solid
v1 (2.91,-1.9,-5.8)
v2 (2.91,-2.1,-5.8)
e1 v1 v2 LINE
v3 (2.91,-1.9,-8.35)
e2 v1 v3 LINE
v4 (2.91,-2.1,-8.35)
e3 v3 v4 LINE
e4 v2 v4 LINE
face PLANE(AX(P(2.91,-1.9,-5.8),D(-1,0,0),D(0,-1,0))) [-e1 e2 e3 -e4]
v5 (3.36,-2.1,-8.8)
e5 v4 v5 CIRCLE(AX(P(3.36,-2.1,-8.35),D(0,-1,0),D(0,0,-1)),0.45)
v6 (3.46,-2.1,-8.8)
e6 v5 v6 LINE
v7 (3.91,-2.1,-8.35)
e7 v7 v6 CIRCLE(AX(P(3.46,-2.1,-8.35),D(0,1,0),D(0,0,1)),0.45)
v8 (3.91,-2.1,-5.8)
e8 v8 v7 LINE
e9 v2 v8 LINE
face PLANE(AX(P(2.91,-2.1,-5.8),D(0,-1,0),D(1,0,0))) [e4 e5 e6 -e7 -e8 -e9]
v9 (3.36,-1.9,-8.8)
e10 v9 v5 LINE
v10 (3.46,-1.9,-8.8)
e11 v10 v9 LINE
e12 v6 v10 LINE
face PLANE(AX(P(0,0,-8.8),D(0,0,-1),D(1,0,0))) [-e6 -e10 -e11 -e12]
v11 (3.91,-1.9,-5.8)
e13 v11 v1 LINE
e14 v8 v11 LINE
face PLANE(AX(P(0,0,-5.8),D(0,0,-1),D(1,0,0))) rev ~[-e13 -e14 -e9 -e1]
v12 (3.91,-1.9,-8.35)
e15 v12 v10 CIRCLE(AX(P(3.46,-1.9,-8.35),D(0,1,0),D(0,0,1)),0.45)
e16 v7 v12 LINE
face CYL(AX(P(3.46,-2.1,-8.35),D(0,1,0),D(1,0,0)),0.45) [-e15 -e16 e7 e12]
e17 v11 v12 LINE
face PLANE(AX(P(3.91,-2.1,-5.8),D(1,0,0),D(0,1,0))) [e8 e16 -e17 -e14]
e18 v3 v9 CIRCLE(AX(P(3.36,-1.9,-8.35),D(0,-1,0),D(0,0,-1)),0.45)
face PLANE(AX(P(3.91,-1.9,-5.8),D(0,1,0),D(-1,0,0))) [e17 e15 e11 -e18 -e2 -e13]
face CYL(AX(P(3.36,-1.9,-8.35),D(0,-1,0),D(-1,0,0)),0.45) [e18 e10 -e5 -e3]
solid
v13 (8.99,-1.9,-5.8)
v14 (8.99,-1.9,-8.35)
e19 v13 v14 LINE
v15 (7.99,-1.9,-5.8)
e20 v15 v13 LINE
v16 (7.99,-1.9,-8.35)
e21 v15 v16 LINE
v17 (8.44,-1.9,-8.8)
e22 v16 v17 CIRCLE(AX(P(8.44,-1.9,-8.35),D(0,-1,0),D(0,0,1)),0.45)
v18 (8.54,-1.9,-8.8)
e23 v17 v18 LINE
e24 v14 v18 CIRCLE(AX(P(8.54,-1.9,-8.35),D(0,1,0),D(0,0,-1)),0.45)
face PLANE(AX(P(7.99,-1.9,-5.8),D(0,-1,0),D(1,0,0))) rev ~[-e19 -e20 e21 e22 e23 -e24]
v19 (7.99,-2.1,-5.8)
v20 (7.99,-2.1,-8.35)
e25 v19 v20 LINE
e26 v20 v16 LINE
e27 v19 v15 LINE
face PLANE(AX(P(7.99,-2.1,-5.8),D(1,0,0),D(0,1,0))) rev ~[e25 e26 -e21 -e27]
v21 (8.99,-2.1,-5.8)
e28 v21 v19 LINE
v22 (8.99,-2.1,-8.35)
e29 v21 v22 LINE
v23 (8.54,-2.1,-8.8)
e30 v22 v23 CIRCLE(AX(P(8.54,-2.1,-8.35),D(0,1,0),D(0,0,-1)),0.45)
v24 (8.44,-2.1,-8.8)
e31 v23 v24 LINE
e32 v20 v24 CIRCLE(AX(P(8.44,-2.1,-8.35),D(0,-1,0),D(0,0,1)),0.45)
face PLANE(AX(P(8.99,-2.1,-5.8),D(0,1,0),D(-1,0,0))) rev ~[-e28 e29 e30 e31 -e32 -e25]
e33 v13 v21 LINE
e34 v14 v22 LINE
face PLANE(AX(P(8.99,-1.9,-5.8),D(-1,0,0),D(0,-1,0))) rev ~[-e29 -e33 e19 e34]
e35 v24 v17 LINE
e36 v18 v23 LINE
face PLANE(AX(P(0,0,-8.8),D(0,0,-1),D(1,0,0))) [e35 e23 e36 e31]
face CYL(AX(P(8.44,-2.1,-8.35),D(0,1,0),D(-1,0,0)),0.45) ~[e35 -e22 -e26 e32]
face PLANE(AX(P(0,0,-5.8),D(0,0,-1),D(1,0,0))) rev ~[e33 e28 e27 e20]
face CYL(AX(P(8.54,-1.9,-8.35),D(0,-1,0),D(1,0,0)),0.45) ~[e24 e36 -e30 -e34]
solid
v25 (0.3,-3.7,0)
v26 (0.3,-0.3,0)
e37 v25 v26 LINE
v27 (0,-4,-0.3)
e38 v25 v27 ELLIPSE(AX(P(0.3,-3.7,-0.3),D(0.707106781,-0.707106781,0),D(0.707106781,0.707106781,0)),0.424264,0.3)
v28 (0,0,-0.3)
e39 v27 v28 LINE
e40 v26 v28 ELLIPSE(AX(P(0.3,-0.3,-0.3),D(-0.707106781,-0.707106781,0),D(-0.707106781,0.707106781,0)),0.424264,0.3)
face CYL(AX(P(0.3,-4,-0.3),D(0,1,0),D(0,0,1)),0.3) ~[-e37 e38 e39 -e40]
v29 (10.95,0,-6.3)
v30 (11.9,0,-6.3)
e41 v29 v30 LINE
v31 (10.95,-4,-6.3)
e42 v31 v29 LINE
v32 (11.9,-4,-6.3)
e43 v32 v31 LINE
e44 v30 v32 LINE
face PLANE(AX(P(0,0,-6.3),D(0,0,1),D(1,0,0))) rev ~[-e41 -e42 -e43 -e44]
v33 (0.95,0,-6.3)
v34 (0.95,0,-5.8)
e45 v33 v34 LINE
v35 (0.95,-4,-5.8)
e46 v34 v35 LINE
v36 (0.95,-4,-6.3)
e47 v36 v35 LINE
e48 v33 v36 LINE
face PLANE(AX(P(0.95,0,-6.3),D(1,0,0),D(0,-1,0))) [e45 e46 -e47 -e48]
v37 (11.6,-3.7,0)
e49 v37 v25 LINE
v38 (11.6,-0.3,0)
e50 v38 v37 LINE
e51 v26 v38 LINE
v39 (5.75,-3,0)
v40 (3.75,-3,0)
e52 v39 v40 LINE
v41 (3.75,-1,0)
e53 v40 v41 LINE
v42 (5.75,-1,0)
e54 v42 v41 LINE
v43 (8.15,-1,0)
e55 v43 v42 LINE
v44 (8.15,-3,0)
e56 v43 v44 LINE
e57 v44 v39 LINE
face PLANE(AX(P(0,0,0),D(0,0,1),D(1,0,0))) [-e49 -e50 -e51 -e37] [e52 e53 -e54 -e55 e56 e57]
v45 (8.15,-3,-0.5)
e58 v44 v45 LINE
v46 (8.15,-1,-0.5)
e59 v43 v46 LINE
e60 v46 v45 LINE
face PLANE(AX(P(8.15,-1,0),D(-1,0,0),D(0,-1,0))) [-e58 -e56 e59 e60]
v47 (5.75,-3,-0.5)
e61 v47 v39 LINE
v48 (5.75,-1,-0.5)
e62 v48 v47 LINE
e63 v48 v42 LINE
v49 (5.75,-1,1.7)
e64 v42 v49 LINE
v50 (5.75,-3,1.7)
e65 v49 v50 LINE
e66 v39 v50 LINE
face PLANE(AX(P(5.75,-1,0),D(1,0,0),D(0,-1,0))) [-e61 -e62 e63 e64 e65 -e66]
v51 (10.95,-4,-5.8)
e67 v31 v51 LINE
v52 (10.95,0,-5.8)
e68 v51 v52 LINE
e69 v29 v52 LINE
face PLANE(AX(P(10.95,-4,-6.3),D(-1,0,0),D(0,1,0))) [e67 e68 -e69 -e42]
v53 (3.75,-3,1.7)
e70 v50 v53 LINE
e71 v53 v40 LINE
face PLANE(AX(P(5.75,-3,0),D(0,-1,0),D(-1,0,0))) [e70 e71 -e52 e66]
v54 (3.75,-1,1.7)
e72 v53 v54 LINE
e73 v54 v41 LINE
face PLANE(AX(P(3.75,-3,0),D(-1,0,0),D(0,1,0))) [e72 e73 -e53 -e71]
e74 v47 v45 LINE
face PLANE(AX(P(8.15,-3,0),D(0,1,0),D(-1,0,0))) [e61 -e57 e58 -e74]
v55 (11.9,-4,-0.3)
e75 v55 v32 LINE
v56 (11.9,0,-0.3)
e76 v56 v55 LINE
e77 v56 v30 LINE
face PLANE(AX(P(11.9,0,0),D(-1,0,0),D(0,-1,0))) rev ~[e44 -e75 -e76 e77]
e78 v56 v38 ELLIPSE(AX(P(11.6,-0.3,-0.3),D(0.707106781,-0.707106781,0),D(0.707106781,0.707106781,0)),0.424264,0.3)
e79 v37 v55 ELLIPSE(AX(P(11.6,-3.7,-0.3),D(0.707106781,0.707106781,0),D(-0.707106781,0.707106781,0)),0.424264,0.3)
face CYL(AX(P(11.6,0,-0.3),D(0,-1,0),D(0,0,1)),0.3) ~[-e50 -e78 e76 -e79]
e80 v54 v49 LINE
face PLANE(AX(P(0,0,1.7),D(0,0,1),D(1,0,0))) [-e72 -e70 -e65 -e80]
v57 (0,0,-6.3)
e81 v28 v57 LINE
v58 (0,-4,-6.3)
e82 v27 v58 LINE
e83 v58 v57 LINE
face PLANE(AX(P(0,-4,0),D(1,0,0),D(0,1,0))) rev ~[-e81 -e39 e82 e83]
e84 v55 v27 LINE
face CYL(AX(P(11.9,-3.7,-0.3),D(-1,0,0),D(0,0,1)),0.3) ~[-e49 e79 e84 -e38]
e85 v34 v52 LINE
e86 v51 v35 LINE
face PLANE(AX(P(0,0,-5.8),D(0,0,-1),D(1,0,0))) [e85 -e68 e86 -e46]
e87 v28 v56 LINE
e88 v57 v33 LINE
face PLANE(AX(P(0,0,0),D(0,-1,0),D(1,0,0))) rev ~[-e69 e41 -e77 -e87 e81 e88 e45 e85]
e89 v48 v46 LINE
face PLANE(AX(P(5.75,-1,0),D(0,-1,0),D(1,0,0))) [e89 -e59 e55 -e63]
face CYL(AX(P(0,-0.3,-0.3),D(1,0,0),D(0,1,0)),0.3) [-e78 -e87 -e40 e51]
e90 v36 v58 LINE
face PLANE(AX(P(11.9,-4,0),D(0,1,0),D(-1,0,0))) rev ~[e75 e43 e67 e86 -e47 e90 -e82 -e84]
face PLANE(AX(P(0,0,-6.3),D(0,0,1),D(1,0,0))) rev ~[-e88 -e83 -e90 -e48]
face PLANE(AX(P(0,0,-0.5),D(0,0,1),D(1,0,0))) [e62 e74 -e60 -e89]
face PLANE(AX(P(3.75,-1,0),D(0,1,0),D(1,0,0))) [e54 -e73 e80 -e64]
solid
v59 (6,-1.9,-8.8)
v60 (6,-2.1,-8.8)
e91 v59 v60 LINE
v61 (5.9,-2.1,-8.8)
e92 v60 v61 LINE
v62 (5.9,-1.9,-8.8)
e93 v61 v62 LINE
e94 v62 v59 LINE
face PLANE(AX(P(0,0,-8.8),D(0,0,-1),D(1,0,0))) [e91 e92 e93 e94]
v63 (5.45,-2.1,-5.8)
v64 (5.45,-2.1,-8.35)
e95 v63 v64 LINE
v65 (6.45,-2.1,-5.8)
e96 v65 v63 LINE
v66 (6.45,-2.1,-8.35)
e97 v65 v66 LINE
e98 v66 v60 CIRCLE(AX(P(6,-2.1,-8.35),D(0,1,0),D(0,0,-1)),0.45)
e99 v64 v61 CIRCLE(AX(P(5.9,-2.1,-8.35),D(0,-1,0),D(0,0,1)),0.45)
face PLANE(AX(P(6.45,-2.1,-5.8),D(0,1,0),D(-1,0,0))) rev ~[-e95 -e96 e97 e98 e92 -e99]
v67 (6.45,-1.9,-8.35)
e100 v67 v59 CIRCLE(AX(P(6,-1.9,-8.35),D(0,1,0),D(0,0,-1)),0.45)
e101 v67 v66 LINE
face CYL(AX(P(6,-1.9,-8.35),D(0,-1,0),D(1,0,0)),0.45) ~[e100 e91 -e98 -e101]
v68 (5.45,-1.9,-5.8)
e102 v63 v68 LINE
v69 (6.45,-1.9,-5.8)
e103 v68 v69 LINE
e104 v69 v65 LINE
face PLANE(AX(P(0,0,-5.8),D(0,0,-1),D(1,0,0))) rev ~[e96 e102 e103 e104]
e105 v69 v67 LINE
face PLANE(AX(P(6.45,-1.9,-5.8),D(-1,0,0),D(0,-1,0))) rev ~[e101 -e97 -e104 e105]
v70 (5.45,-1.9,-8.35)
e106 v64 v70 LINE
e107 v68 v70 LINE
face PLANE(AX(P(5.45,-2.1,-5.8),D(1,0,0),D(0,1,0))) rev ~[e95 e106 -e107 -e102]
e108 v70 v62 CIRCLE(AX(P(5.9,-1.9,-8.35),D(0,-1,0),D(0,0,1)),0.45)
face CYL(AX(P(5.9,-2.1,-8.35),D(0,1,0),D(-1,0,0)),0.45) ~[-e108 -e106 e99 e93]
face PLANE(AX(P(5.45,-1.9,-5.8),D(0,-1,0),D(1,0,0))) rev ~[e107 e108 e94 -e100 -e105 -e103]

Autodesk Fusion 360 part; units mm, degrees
sketch "Slider" plane through (0, 0, 0) normal (0, 0, 1) x (1, 0, 0)
  line L0 (0, 0) -> (11.9, 0)
  line L1 (11.9, 0) -> (11.9, -4)
  line L2 (11.9, -4) -> (0, -4)
  line L3 (0, -4) -> (0, 0)
  line L4 (5.95, 0) -> (5.95, -4) construction
  line L5 (0, -2) -> (11.9, -2) construction
  line L6 (8.15, -3) -> (3.75, -3)
  line L7 (3.75, -3) -> (3.75, -1)
  line L8 (3.75, -1) -> (8.15, -1)
  line L9 (8.15, -1) -> (8.15, -3)
  line L10 (8.15, -3) -> (3.75, -1) construction
  line L11 (3.75, -3) -> (8.15, -1) construction
  line L12 (3.75, -1) -> (5.75, -1)
  line L13 (5.75, -1) -> (5.75, -3)
  line L14 (5.75, -3) -> (3.75, -3)
  line L15 (3.75, -3) -> (3.75, -1)
  point P0 (5.95, -2)
  dimension "d1" = 11.9
  dimension "d2" = 4
  dimension "d3" = 4.4
  dimension "d4" = 2
  dimension "d5" = 2
extrude "Extrude1" add sketch "Slider" against normal blind 6.3 contours L0 L1 L2 L3 | L6 L8 L9 L13 | L6 L7 L8 L12 L13 L14 L15 makes body 1
extrude "Extrude2" cut sketch "Slider" against normal blind 0.5 contours L6 L8 L9 L13 | L6 L7 L8 L12 L13 L14 L15 bodies 1
extrude "Extrude3" add sketch "Slider" along normal blind 1.7 and the other way blind 0.5 contours L6 L7 L8 L12 L13 L14 L15 bodies 1
sketch "Base" plane through (0, 0, -6.3) normal (0, 0, -1) x (1, 0, 0)
  line L0 (11.9, 4) -> (0, 4)
  line L1 (0, 4) -> (0, 0)
  line L2 (0, 0) -> (11.9, 0)
  line L3 (11.9, 0) -> (11.9, 4)
  line L4 (5.95, 4) -> (5.95, 0) construction
  line L5 (0, 2) -> (11.9, 2) construction
  line L6 (10.95, 0) -> (0.95, 0)
  line L7 (0.95, 0) -> (0.95, 4)
  line L8 (0.95, 4) -> (10.95, 4)
  line L9 (10.95, 4) -> (10.95, 0)
  line L10 (10.95, 0) -> (0.95, 4) construction
  line L11 (0.95, 0) -> (10.95, 4) construction
  point P0 (5.95, 2)
  dimension "d13" = 10
  dimension "d14" = 4
extrude "Extrude4" cut sketch "Base" against normal blind 0.5 contours L0 L2 L6 L7 L8 L9 bodies 1
sketch "Pins" plane through (0, 0, -5.8) normal (0, 0, -1) x (1, 0, 0)
  line L0 (10.95, 4) -> (0.95, 4)
  line L1 (0.95, 4) -> (0.95, 0)
  line L2 (0.95, 0) -> (10.95, 0)
  line L3 (10.95, 0) -> (10.95, 4)
  line L4 (5.95, 4) -> (5.95, 0) construction
  line L5 (10.95, 2) -> (0.95, 2) construction
  line L6 (6.45, 2.1) -> (5.45, 2.1)
  line L7 (5.45, 2.1) -> (5.45, 1.9)
  line L8 (5.45, 1.9) -> (6.45, 1.9)
  line L9 (6.45, 1.9) -> (6.45, 2.1)
  line L10 (6.45, 2.1) -> (5.45, 1.9) construction
  line L11 (5.45, 2.1) -> (6.45, 1.9) construction
  line L12 (8.99, 2.1) -> (7.99, 2.1)
  line L13 (7.99, 2.1) -> (7.99, 1.9)
  line L14 (7.99, 1.9) -> (8.99, 1.9)
  line L15 (8.99, 1.9) -> (8.99, 2.1)
  line L16 (8.99, 2.1) -> (7.99, 1.9) construction
  line L17 (7.99, 2.1) -> (8.99, 1.9) construction
  line L18 (3.91, 1.9) -> (2.91, 1.9)
  line L19 (2.91, 2.1) -> (3.91, 2.1)
  line L20 (2.91, 1.9) -> (2.91, 2.1)
  line L21 (3.91, 2.1) -> (3.91, 1.9)
  point P0 (5.95, 2)
  point P1 (8.49, 2)
  dimension "d18" = 1
  dimension "d19" = 0.2
  dimension "d20" = 0.2
  dimension "d21" = 1
  dimension "d22" = 2.54
extrude "Extrude5" add sketch "Pins" along normal blind 3 separate body contours L6 L7 L8 L9 | L12 L13 L14 L15 | L18 L19 L20 L21 makes body 2 at (3.2433, -1.9, -7.8) makes body 3 at (5.7833, -1.9, -6.8) makes body 4 at (8.3233, -1.9, -6.8)
fillet "Fillet1" radius 0.45 6 edges at (8.99, -2, -8.8) (7.99, -2, -8.8) (6.45, -2, -8.8) (5.45, -2, -8.8) (3.91, -2, -8.8) (2.91, -2, -8.8) on bodies 2 3 4
fillet "Fillet2" radius 0.3 4 edges at (0, -2, 0) (5.95, -4, 0) (5.95, 0, 0) (11.9, -2, 0) on bodies 1
sketch "Connections" plane through (0, 0, -5.8) normal (0, 0, -1) x (1, 0, 0)
  line L0 (10.95, 4) -> (0.95, 4)
  line L1 (0.95, 4) -> (0.95, 0)
  line L2 (0.95, 0) -> (10.95, 0)
  line L3 (10.95, 0) -> (10.95, 4)
  circle A0 centre (5.95, 2) radius 0.635
  line L4 (5.95, 4) -> (5.95, 0)
  circle A1 centre (8.49, 2) radius 0.635
  circle A2 centre (3.41, 2) radius 0.635
  point P0 (8.49, 2)
  point P1 (5.95, 2)
  dimension "d28" = 1.27
  dimension "d29" = 1.27
equation "d20 = d19"
equation "d21 = d18"
equation "WireDia = 1.27 mm"
equation "d28 = WireDia"
equation "d29 = WireDia"
